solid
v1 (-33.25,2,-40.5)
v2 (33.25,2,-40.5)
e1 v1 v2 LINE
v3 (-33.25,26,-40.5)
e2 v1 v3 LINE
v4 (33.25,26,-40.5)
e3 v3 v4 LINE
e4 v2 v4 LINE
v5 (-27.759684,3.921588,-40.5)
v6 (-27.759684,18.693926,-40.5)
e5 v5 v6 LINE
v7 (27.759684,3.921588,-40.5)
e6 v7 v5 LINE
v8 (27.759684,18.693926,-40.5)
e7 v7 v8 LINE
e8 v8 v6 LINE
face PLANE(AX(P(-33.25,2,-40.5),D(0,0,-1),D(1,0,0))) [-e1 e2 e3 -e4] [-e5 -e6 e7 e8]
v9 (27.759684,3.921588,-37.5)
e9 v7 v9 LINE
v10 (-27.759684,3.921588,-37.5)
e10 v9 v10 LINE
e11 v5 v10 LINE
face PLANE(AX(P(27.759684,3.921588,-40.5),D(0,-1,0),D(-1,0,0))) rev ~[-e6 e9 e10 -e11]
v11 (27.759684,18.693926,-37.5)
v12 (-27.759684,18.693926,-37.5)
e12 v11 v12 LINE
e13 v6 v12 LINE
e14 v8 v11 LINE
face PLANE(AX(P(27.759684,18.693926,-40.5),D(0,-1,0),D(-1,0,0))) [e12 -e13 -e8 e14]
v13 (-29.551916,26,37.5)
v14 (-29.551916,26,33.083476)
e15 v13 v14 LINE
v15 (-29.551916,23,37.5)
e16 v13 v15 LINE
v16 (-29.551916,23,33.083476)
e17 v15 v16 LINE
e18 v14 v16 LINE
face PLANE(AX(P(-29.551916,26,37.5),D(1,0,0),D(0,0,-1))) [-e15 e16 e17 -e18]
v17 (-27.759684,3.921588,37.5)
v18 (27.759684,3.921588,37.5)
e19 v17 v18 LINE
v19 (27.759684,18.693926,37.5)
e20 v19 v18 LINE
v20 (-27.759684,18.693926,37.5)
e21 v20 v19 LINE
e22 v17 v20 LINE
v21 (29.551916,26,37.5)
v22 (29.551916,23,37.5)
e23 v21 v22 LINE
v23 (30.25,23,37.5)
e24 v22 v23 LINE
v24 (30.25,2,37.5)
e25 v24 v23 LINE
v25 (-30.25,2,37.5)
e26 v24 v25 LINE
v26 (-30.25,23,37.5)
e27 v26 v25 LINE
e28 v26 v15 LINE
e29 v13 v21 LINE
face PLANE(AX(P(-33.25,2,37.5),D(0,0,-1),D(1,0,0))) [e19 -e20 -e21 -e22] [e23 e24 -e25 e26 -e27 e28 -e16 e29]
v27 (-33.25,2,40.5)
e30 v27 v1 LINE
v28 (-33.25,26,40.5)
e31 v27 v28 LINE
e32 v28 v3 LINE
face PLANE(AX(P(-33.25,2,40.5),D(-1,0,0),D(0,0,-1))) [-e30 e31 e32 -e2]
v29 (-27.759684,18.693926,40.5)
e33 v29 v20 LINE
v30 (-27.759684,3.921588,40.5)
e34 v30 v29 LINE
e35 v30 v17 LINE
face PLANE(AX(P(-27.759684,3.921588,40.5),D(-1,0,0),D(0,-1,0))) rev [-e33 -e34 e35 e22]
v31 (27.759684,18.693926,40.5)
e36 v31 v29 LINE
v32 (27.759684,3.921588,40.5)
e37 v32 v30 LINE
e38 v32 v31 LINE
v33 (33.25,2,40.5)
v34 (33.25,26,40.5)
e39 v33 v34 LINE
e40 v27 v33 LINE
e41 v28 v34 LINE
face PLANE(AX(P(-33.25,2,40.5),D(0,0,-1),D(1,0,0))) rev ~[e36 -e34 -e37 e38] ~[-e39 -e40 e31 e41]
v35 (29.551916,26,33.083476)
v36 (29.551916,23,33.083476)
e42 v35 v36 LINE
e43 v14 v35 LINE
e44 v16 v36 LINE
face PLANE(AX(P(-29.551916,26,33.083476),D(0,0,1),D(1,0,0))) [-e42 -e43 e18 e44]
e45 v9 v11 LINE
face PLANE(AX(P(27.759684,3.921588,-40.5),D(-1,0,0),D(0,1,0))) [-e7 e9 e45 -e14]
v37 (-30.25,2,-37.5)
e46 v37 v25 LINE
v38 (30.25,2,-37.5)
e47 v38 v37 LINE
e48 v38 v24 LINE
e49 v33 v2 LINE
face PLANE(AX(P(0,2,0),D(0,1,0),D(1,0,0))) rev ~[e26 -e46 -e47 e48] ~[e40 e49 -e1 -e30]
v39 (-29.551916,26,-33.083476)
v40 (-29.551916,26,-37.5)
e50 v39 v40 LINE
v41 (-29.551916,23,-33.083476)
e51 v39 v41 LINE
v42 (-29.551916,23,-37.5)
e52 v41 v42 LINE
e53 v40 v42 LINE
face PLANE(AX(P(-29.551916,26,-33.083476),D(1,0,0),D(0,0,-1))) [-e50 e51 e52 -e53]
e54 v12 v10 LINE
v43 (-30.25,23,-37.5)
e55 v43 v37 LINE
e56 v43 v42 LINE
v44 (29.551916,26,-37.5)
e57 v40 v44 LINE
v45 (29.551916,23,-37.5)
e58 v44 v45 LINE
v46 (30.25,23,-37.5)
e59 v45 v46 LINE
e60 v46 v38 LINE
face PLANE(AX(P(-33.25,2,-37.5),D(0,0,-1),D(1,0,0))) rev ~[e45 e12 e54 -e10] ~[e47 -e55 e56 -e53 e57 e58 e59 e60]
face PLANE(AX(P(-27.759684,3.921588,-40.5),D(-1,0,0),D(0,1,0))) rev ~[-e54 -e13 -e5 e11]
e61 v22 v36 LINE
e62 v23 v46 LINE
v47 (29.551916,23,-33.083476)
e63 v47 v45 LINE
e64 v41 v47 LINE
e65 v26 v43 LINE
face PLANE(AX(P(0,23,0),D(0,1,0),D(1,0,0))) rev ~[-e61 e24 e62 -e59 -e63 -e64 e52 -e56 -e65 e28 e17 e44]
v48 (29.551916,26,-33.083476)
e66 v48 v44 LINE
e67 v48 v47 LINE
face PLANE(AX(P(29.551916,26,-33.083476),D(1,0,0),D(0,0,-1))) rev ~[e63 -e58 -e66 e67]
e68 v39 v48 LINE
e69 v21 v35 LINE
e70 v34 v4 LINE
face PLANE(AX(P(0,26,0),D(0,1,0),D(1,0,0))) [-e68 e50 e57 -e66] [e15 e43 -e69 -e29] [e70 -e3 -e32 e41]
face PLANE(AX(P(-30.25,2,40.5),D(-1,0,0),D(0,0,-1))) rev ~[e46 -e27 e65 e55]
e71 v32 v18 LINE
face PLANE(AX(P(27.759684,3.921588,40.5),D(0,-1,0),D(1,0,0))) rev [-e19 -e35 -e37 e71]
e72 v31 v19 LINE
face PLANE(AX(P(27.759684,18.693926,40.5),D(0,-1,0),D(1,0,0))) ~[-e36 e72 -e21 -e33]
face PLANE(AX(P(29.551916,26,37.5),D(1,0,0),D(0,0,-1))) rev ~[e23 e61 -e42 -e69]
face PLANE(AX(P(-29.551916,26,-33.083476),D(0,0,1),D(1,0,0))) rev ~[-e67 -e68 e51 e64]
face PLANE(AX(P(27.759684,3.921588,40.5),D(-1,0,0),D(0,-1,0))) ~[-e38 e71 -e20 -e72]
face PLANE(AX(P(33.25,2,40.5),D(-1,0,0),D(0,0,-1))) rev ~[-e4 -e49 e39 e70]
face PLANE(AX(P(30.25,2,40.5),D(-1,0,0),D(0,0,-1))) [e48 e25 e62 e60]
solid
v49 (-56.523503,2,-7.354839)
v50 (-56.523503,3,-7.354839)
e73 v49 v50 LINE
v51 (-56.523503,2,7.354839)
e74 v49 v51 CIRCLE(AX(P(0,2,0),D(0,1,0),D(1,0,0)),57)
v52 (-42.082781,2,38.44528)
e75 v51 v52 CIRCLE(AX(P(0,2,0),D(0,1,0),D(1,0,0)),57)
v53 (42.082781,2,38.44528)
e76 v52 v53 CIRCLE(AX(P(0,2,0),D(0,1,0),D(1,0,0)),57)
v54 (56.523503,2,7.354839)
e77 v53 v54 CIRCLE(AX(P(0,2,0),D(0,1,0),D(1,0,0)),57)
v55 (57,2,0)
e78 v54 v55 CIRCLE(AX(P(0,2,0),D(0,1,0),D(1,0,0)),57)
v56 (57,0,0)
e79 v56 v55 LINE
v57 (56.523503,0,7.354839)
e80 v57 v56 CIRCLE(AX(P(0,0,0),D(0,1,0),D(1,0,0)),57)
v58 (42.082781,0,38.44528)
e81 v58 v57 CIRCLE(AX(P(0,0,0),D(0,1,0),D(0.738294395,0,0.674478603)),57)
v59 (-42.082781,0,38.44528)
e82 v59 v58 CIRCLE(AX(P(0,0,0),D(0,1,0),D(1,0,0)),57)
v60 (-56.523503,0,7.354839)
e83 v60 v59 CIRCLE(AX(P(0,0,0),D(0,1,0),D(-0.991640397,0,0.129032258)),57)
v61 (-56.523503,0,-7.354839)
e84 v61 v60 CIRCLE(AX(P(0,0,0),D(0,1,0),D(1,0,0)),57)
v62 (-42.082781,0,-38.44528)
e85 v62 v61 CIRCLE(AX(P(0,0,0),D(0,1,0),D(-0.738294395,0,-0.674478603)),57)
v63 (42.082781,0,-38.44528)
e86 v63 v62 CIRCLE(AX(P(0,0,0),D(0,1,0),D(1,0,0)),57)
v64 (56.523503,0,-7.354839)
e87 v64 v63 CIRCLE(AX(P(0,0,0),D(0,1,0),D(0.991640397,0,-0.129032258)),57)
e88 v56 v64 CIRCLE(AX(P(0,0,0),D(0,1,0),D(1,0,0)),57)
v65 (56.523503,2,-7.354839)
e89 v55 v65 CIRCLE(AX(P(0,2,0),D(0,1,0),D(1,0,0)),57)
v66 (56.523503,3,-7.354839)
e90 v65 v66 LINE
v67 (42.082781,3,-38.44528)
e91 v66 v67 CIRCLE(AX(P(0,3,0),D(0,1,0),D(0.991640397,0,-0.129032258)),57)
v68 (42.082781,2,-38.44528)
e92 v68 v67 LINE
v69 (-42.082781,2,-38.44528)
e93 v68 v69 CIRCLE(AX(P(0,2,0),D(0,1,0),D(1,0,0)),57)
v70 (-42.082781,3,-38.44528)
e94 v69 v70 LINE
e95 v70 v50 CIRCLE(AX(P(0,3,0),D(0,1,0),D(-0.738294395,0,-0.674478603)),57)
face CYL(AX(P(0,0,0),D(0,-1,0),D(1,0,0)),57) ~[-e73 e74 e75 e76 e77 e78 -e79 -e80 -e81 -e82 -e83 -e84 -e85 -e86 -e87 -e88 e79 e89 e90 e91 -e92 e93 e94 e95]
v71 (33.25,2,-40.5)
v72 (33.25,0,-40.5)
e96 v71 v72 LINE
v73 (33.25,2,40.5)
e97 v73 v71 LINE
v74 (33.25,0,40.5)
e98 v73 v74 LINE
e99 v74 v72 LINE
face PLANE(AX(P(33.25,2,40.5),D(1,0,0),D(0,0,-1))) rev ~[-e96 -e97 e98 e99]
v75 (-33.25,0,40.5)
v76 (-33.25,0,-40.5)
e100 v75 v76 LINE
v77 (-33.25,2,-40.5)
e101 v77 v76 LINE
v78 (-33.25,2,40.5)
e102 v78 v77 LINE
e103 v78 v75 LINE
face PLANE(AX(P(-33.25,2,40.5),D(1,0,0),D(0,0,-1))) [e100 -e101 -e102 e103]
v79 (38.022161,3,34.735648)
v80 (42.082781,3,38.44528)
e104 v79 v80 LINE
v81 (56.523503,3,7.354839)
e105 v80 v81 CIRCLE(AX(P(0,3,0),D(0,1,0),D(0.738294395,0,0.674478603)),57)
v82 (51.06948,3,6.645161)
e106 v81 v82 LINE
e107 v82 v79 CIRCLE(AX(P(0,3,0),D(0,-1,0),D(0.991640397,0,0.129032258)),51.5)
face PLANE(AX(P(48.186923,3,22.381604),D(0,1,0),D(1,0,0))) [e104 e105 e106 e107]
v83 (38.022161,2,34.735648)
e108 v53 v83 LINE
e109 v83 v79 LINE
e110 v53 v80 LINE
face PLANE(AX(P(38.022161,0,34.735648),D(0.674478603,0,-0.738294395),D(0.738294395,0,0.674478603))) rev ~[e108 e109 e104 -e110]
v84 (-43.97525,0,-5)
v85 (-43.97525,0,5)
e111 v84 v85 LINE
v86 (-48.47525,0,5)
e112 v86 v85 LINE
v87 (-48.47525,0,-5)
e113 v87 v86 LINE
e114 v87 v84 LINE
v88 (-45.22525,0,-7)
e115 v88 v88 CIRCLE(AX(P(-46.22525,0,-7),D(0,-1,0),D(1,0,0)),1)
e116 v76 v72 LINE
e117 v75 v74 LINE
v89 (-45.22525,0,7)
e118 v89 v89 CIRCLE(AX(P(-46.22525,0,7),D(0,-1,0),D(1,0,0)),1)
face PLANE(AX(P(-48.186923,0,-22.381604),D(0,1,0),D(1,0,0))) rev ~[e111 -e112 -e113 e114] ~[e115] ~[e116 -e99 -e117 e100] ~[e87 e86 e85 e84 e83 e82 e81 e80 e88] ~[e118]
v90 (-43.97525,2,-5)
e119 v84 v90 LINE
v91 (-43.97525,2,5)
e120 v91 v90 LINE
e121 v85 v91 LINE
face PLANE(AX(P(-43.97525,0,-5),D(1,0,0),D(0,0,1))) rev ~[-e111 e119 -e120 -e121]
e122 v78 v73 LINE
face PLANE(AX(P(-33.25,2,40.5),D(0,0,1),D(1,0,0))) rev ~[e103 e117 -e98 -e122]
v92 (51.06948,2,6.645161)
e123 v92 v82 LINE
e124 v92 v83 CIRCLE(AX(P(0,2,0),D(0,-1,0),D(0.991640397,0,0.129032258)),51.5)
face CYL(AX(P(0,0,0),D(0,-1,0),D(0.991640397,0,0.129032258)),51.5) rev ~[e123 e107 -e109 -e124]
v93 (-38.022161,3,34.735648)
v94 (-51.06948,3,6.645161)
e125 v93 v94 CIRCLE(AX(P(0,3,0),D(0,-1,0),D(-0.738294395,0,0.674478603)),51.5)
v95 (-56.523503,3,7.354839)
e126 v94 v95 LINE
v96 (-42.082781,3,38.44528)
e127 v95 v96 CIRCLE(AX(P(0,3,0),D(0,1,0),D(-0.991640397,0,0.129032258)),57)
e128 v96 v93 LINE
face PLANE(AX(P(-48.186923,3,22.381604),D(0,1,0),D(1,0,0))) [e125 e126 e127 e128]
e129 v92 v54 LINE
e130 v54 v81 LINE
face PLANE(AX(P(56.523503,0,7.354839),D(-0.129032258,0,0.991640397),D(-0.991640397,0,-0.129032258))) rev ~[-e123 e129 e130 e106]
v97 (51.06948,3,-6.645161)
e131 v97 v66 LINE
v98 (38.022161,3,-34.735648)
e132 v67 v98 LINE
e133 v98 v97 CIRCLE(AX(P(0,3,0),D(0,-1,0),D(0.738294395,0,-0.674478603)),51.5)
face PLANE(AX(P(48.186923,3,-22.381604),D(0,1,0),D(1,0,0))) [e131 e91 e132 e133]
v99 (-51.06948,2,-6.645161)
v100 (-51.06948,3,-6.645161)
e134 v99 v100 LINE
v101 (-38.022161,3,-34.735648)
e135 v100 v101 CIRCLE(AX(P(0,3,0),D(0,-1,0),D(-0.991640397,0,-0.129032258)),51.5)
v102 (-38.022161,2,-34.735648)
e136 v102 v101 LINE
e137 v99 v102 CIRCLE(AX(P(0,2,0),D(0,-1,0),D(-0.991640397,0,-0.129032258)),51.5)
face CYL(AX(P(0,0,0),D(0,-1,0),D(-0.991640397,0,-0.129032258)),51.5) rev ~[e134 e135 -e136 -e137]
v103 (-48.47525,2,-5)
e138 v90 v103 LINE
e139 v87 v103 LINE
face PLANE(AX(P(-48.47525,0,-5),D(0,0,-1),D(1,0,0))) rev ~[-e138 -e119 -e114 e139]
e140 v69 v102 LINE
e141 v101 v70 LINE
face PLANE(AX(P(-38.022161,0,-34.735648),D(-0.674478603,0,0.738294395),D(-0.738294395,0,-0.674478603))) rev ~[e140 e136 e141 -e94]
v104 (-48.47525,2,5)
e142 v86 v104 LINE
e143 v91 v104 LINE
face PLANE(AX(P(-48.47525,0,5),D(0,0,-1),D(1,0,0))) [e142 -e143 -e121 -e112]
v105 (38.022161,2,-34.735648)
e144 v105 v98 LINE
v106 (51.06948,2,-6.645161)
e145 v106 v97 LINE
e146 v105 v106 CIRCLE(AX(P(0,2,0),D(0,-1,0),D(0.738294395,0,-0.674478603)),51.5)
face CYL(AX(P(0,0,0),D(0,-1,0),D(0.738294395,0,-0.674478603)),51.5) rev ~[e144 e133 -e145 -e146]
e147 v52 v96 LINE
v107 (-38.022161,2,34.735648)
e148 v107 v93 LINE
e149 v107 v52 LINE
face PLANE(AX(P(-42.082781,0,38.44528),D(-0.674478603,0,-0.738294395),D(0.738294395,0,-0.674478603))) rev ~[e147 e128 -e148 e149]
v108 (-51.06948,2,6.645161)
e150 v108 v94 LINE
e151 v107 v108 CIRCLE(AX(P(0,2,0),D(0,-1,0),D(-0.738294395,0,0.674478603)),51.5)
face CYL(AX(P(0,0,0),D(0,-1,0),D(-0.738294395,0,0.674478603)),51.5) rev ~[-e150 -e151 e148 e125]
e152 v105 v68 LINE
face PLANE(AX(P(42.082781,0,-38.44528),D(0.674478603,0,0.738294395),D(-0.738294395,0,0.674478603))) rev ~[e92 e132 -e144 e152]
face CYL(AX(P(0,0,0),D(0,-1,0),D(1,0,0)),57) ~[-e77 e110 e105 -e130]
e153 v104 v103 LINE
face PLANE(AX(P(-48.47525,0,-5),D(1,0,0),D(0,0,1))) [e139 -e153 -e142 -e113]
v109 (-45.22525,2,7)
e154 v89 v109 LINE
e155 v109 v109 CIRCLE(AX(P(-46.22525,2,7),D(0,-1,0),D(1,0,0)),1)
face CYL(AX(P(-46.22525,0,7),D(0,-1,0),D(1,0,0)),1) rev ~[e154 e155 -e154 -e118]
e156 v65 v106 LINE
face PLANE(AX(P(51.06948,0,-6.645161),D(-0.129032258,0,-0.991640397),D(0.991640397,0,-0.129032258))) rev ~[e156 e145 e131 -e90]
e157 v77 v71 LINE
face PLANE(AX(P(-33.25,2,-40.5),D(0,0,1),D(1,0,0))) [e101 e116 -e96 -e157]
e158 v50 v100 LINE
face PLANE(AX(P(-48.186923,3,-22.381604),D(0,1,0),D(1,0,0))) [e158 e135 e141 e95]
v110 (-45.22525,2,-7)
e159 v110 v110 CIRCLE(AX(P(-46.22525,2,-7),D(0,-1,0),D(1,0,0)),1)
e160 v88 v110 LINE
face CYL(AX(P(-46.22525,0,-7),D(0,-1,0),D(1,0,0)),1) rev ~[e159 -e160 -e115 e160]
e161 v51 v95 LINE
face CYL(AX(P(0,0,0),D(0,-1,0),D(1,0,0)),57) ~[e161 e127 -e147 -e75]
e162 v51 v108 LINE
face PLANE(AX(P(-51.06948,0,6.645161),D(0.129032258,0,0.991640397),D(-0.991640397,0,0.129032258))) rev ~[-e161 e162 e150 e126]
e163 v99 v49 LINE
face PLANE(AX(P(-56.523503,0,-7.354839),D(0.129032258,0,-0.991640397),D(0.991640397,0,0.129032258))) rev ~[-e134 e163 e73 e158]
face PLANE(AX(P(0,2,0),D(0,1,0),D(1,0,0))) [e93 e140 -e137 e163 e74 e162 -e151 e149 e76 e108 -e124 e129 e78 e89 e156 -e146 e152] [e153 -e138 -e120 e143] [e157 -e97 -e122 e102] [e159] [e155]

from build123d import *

# Parameters (mm, degrees)
SKETCH1_R           = 57
BOSS_EXTRUDE1_DEPTH = 2
BOSS_EXTRUDE3_DEPTH = 3
SKETCH2_W           = 66.5
SKETCH2_H           = 81
CUT_EXTRUDE1_DEPTH  = 3
SKETCH2_2_W         = 66.5
SKETCH2_2_H         = 81
BOSS_EXTRUDE4_DEPTH = 24
SHELL1_T            = -3
SKETCH3_W           = 55.519367608
SKETCH3_H           = 14.772337279
CUT_EXTRUDE2_DEPTH  = 8
SKETCH4_W           = 59.1038318
SKETCH4_H           = 4.416523669
CUT_EXTRUDE5_DEPTH  = 8
SKETCH5_R           = 1
SKETCH5_W           = 4.5
SKETCH5_H           = 10
CUT_EXTRUDE6_DEPTH  = 8


with BuildPart() as part:
    # Sketch1 → Boss-Extrude1 (new body)
    with BuildSketch(Plane(origin=(0, 0, 0), x_dir=(1, 0, 0), z_dir=(0, 1, 0))):
        Circle(SKETCH1_R)
    extrude(amount=BOSS_EXTRUDE1_DEPTH)

    # Sketch1<4> → Boss-Extrude3 (add)
    with BuildSketch(Plane(origin=(0, 0, 0), x_dir=(1, 0, 0), z_dir=(0, 1, 0))):
        with BuildLine():
            ThreePointArc((-42.082780538, 38.445280363), (-51.695779903, 24.011379391), (-56.523502612, 7.35483871))
            Line((-56.523502612, 7.35483871), (-51.06948043, 6.64516129))
            ThreePointArc((-51.06948043, 6.64516129), (-46.707590614, 21.694491906), (-38.022161363, 34.735648047))
            Line((-38.022161363, 34.735648047), (-42.082780538, 38.445280363))
        make_face()
        with BuildLine():
            Line((-51.06948043, -6.64516129), (-56.523502612, -7.35483871))
            ThreePointArc((-56.523502612, -7.35483871), (-51.695779903, -24.011379391), (-42.082780538, -38.445280363))
            Line((-42.082780538, -38.445280363), (-38.022161363, -34.735648047))
            ThreePointArc((-38.022161363, -34.735648047), (-46.707590614, -21.694491906), (-51.06948043, -6.64516129))
        make_face()
        with BuildLine():
            ThreePointArc((56.523502612, 7.35483871), (51.695779903, 24.011379391), (42.082780538, 38.445280363))
            Line((42.082780538, 38.445280363), (38.022161363, 34.735648047))
            ThreePointArc((38.022161363, 34.735648047), (46.707590614, 21.694491906), (51.06948043, 6.64516129))
            Line((51.06948043, 6.64516129), (56.523502612, 7.35483871))
        make_face()
        with BuildLine():
            Line((38.022161363, -34.735648047), (42.082780538, -38.445280363))
            ThreePointArc((42.082780538, -38.445280363), (51.695779903, -24.011379391), (56.523502612, -7.35483871))
            Line((56.523502612, -7.35483871), (51.06948043, -6.64516129))
            ThreePointArc((51.06948043, -6.64516129), (46.707590614, -21.694491906), (38.022161363, -34.735648047))
        make_face()
    extrude(amount=BOSS_EXTRUDE3_DEPTH)

    # Sketch2 → Cut-Extrude1 (cut)
    with BuildSketch(Plane(origin=(0, 2, 0), x_dir=(1, 0, 0), z_dir=(0, 1, 0))):
        Rectangle(SKETCH2_W, SKETCH2_H)
    extrude(amount=-CUT_EXTRUDE1_DEPTH, mode=Mode.SUBTRACT)

    # Sketch5 → Cut-Extrude6 (cut)
    with BuildSketch(Plane.XZ):
        with Locations((-46.225250229, 7)):
            Circle(SKETCH5_R)
        with Locations((-46.225250229, -7)):
            Circle(SKETCH5_R)
        with Locations((-46.225250229, 0)):
            Rectangle(SKETCH5_W, SKETCH5_H)
    extrude(amount=-CUT_EXTRUDE6_DEPTH, mode=Mode.SUBTRACT)


with BuildPart() as body_2:
    # Sketch2<2> → Boss-Extrude4 (new body)
    with BuildSketch(Plane(origin=(0, 2, 0), x_dir=(1, 0, 0), z_dir=(0, 1, 0))):
        Rectangle(SKETCH2_2_W, SKETCH2_2_H)
    extrude(amount=BOSS_EXTRUDE4_DEPTH)

    # Shell1
    shell1_openings = [body_2.faces().sort_by_distance(p)[0] for p in [
        (0, 2, 0),
    ]]
    offset(amount=SHELL1_T, openings=shell1_openings, kind=Kind.INTERSECTION)

    # Sketch3 → Cut-Extrude2 (cut)
    with BuildSketch(Plane(origin=(0, 0, -40.5), x_dir=(-1, 0, 0), z_dir=(0, 0, -1))):
        with Locations((0, 11.307757027)):
            Rectangle(SKETCH3_W, SKETCH3_H)
    cut_extrude2 = extrude(amount=-CUT_EXTRUDE2_DEPTH, mode=Mode.SUBTRACT)

    # Mirror1: Cut-Extrude2 across plane
    add(cut_extrude2.mirror(Plane.XY), mode=Mode.SUBTRACT)

    # Sketch4 → Cut-Extrude5 (cut)
    with BuildSketch(Plane(origin=(0, 26, 0), x_dir=(1, 0, 0), z_dir=(0, 1, 0))):
        with Locations((0, -35.291738165)):
            Rectangle(SKETCH4_W, SKETCH4_H)
        with Locations((0, 35.291738165)):
            Rectangle(SKETCH4_W, SKETCH4_H)
    extrude(amount=-CUT_EXTRUDE5_DEPTH, mode=Mode.SUBTRACT)


solid = Compound([part.part, body_2.part])
